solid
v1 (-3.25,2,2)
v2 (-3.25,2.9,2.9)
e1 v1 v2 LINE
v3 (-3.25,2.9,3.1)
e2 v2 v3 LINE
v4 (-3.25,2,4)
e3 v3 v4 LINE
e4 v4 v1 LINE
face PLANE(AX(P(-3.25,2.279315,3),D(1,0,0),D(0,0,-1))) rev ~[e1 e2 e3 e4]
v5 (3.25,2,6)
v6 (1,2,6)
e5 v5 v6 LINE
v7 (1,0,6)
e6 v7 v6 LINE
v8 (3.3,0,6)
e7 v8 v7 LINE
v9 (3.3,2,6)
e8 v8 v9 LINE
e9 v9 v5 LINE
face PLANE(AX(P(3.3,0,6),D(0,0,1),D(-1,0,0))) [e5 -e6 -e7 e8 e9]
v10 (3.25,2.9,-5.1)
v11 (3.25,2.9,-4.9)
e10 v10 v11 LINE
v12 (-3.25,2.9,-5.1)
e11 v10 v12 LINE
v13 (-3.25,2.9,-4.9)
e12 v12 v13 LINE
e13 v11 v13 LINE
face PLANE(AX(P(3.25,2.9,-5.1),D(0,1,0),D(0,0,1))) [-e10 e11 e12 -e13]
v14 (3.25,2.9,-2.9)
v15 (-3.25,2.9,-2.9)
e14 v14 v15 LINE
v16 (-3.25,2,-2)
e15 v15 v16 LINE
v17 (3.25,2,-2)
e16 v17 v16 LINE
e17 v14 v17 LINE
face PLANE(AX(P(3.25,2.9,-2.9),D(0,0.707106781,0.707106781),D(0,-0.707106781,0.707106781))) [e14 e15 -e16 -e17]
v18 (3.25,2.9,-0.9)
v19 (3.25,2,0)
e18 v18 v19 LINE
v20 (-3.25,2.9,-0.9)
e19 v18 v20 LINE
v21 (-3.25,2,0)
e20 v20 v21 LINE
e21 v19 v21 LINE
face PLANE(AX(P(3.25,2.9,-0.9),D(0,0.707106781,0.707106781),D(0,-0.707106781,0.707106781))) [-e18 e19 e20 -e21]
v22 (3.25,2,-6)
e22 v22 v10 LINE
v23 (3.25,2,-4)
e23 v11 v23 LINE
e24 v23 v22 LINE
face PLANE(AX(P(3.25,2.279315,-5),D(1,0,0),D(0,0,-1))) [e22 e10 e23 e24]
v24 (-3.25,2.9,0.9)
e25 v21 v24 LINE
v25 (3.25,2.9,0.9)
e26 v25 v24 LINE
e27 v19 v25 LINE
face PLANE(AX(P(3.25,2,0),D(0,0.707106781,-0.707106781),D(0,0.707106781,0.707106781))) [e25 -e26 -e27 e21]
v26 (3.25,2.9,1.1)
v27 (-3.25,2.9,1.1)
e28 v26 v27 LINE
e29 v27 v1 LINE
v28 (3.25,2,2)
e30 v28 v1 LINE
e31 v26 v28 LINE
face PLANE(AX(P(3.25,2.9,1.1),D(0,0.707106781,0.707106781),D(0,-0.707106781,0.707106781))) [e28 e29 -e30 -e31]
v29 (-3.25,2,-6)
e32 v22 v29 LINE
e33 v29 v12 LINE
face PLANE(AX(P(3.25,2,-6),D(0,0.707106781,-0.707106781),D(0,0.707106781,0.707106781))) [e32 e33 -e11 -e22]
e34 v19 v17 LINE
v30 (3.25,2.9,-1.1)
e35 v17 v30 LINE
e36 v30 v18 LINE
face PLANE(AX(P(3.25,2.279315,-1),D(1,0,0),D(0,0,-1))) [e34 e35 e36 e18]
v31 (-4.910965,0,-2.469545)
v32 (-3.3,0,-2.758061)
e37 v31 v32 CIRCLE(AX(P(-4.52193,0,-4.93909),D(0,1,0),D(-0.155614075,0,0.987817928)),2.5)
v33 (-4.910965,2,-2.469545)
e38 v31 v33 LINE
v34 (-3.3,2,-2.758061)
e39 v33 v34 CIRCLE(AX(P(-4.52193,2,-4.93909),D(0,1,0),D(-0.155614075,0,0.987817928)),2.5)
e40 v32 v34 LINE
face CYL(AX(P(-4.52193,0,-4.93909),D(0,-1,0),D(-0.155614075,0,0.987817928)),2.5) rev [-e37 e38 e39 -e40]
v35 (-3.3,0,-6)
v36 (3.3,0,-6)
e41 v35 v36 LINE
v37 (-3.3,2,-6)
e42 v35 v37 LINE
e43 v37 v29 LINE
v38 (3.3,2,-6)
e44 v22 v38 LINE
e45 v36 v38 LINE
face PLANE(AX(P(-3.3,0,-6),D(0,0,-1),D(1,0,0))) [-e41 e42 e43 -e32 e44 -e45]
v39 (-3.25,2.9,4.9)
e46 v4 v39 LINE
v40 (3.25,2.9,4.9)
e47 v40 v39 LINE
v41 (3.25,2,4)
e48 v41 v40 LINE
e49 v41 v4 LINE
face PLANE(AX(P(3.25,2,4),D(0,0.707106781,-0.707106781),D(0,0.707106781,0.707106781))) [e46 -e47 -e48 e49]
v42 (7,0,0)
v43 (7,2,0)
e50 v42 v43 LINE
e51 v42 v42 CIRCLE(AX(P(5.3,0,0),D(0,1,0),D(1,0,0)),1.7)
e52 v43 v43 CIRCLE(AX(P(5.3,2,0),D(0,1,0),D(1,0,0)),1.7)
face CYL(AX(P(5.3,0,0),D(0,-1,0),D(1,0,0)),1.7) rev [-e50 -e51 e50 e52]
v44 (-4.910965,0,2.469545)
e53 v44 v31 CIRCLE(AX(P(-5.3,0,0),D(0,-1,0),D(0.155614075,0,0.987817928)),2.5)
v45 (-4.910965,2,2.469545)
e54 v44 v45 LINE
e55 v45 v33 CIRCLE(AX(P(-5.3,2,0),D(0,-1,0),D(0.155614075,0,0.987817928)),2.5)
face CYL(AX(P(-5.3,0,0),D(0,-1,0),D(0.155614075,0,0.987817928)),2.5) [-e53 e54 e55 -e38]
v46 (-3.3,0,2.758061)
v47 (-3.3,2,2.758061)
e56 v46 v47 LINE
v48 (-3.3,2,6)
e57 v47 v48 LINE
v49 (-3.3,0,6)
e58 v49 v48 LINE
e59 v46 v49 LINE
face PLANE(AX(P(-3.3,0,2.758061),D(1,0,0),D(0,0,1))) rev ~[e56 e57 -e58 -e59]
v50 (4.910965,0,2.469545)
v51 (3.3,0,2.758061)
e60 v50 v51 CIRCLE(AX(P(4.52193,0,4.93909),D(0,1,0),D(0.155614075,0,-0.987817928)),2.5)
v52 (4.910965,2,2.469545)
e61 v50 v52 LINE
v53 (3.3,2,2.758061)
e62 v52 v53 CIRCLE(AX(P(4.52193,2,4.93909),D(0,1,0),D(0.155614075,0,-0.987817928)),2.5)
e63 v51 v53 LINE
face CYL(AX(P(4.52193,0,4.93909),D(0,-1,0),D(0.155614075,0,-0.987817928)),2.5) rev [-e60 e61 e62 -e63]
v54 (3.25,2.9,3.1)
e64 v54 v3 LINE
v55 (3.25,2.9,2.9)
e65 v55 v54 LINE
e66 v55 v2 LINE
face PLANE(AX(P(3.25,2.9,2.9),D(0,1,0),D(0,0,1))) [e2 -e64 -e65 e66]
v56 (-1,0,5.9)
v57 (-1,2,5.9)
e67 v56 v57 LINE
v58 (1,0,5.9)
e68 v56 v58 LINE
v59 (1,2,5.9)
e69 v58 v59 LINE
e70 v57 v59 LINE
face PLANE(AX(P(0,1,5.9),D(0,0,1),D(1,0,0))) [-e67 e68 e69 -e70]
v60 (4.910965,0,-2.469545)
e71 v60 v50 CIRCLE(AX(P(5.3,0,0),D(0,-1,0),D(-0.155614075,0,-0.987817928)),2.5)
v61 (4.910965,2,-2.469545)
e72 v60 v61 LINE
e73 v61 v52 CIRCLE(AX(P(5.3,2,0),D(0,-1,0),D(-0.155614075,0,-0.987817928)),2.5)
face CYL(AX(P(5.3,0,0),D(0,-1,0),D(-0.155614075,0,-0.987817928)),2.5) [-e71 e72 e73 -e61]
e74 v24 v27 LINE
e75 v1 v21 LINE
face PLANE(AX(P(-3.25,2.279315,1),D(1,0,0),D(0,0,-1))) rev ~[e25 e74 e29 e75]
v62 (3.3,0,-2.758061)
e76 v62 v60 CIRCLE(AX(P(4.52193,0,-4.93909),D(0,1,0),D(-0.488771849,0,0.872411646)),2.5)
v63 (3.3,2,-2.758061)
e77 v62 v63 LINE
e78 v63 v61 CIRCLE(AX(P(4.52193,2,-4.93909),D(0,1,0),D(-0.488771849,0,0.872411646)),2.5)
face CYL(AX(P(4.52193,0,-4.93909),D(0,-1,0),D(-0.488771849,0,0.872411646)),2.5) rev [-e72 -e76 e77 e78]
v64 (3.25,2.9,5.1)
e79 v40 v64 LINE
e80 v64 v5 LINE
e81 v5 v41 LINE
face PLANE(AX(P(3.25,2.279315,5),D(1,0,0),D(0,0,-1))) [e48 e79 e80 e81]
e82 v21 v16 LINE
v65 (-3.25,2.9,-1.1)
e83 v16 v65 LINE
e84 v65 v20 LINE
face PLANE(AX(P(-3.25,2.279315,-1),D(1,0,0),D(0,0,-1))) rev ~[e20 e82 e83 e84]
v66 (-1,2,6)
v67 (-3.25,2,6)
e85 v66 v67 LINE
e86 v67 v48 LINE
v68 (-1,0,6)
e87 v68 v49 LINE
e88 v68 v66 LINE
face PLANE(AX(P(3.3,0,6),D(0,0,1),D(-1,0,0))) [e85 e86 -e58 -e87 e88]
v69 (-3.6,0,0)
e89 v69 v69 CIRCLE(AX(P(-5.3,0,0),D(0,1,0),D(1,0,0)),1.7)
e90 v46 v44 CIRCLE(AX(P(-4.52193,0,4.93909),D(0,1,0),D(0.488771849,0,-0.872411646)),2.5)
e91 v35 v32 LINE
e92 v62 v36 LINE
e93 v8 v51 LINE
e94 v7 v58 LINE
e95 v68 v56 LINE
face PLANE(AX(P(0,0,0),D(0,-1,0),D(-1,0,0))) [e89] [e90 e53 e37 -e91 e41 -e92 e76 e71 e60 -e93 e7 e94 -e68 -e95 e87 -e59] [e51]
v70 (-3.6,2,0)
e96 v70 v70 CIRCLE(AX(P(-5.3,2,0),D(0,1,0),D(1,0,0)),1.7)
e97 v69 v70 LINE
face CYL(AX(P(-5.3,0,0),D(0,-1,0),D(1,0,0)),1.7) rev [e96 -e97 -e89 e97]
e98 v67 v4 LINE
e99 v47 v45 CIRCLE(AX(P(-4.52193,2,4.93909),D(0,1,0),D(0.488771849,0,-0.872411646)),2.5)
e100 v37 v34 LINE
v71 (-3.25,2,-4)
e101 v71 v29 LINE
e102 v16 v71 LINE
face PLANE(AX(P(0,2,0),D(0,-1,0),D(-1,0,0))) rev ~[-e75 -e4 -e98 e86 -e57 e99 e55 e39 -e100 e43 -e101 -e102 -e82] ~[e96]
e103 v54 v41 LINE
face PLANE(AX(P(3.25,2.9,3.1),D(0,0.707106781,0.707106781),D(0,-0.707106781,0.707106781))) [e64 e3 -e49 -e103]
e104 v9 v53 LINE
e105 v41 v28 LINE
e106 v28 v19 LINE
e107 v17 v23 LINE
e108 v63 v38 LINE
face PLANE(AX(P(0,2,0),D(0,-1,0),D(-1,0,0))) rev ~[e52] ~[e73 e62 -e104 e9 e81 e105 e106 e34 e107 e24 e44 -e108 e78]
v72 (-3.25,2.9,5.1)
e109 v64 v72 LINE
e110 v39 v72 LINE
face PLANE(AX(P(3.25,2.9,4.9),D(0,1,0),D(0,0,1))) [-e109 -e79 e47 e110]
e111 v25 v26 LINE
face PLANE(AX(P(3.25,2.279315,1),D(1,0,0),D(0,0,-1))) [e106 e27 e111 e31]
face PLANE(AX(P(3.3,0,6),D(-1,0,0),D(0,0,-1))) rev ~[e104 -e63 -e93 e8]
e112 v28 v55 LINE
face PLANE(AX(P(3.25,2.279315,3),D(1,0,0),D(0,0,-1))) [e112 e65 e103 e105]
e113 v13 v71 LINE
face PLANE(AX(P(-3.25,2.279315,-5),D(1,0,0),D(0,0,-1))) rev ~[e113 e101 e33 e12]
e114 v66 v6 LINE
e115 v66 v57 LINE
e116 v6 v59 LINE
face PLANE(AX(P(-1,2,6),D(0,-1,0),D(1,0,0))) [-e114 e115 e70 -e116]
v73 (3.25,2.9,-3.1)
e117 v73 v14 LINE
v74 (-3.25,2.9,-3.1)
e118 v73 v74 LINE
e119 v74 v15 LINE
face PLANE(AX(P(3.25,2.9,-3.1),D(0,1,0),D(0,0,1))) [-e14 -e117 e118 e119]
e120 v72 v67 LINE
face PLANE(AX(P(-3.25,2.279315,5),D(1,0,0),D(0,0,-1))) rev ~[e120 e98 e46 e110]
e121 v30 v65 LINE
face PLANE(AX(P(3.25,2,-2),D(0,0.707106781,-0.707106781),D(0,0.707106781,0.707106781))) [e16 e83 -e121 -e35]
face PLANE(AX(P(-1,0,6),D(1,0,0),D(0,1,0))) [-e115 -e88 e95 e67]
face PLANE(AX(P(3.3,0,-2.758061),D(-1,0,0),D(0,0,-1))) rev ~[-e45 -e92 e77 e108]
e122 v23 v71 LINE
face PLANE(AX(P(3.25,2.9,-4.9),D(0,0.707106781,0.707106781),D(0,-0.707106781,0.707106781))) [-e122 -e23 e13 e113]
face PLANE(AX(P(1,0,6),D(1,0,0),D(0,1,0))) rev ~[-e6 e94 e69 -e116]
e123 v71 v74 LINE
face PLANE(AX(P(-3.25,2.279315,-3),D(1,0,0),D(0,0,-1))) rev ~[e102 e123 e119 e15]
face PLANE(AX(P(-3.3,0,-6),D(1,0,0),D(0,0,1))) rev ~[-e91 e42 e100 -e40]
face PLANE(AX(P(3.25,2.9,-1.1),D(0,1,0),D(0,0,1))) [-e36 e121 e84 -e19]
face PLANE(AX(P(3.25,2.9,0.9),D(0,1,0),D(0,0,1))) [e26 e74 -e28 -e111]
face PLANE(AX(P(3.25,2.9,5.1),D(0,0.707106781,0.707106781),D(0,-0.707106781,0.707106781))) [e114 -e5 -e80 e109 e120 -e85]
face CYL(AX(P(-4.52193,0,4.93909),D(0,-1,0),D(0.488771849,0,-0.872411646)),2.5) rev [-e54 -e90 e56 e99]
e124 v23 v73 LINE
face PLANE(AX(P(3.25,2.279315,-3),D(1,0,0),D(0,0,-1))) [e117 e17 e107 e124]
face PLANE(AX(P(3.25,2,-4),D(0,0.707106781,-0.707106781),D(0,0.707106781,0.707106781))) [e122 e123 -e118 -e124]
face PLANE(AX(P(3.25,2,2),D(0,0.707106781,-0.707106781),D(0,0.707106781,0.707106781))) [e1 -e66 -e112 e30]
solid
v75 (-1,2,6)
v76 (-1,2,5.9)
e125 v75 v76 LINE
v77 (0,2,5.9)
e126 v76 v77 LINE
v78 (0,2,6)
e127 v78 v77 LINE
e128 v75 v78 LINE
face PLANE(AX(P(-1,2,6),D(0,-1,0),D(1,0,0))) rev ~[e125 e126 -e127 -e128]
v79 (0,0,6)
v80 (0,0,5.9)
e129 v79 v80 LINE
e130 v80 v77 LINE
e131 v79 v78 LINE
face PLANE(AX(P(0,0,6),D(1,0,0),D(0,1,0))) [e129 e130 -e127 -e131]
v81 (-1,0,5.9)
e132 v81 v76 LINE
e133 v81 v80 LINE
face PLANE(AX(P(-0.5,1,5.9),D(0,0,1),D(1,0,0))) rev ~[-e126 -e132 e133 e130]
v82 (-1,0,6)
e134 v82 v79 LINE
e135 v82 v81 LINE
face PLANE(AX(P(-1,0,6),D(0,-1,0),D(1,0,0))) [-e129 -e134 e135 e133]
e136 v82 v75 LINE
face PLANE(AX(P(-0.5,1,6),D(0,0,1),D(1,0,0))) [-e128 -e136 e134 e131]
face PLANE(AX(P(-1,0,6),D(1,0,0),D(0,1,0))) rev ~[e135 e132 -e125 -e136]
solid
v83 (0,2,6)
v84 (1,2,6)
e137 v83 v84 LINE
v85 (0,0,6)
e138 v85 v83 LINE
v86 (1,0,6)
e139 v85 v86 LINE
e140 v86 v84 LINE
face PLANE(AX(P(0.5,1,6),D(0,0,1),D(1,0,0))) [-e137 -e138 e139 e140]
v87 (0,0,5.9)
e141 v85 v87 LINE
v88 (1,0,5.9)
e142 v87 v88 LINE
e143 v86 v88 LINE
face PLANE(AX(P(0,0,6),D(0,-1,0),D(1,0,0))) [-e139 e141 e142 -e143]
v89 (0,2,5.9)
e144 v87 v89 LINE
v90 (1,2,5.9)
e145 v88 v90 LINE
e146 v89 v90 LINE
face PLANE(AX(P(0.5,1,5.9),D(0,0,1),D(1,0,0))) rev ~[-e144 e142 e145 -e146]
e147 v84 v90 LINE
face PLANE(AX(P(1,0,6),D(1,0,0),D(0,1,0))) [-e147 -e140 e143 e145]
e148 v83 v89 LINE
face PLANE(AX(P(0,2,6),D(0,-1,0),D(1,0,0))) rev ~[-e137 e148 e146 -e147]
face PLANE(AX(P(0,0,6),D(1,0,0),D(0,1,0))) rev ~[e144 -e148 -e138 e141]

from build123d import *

# Parameters (mm, degrees)
CROQUIS1_R              = 1.7
SALIENTE_EXTRUIR1_DEPTH = 2
SALIENTE_EXTRUIR2_DEPTH = 6.5
MATRIZL1_COUNT          = 6
MATRIZL1_PITCH          = 2
SKETCH1_W               = 2
SKETCH1_H               = 2
CUT_EXTRUDE1_DEPTH      = 0.1
SKETCH1_3_W             = 1
SKETCH1_3_H             = 2
BOSS_EXTRUDE1_DEPTH     = 0.1
SKETCH1_4_W             = 1
SKETCH1_4_H             = 2
BOSS_EXTRUDE2_DEPTH     = 0.1


with BuildPart() as part:
    # Croquis1 → Saliente-Extruir1 (new body)
    with BuildSketch(Plane(origin=(0, 0, 0), x_dir=(1, 0, 0), z_dir=(0, 1, 0))):
        with BuildLine():
            Line((3.3, 6), (-3.3, 6))
            Line((-3.3, 6), (-3.3, 2.758060528))
            ThreePointArc((-3.3, 2.758060528), (-4.081204524, 2.478243977), (-4.910964812, 2.469544821))
            ThreePointArc((-4.910964812, 2.469544821), (-7.8, 0), (-4.910964812, -2.469544821))
            ThreePointArc((-4.910964812, -2.469544821), (-4.081204524, -2.478243977), (-3.3, -2.758060528))
            Line((-3.3, -2.758060528), (-3.3, -6))
            Line((-3.3, -6), (3.3, -6))
            Line((3.3, -6), (3.3, -2.758060528))
            ThreePointArc((3.3, -2.758060528), (4.081204524, -2.478243977), (4.910964812, -2.469544821))
            ThreePointArc((4.910964812, -2.469544821), (7.8, 0), (4.910964812, 2.469544821))
            ThreePointArc((4.910964812, 2.469544821), (4.081204524, 2.478243977), (3.3, 2.758060528))
            Line((3.3, 2.758060528), (3.3, 6))
        make_face()
        with Locations((5.3, 0)):
            Circle(CROQUIS1_R, mode=Mode.SUBTRACT)
        with Locations((-5.3, 0)):
            Circle(CROQUIS1_R, mode=Mode.SUBTRACT)
    extrude(amount=SALIENTE_EXTRUIR1_DEPTH)

    # Croquis4 → Saliente-Extruir2 (add)
    with BuildSketch(Plane(origin=(3.25, 0, 0), x_dir=(0, 0, -1), z_dir=(1, 0, 0))):
        Polygon((-6, 2), (-4, 2), (-4.9, 2.9), (-5.1, 2.9), align=None)
    saliente_extruir2 = extrude(amount=-SALIENTE_EXTRUIR2_DEPTH)

    # MatrizL1: Saliente-Extruir2 ×6
    with Locations(*[(0, 0, -i * MATRIZL1_PITCH) for i in range(1, MATRIZL1_COUNT)]):
        add(saliente_extruir2)

    # Sketch1 → Cut-Extrude1 (cut)
    with BuildSketch(Plane.XY.offset(6)):
        with Locations((0, 1)):
            Rectangle(SKETCH1_W, SKETCH1_H)
    extrude(amount=-CUT_EXTRUDE1_DEPTH, mode=Mode.SUBTRACT)


with BuildPart() as body_2:
    # Sketch1<3> → Boss-Extrude1 (new body)
    with BuildSketch(Plane.XY.offset(6)):
        with Locations((0.5, 1)):
            Rectangle(SKETCH1_3_W, SKETCH1_3_H)
    extrude(amount=-BOSS_EXTRUDE1_DEPTH)


with BuildPart() as body_3:
    # Sketch1<4> → Boss-Extrude2 (new body)
    with BuildSketch(Plane.XY.offset(6)):
        with Locations((-0.5, 1)):
            Rectangle(SKETCH1_4_W, SKETCH1_4_H)
    extrude(amount=-BOSS_EXTRUDE2_DEPTH)


solid = Compound([part.part, body_2.part, body_3.part])
